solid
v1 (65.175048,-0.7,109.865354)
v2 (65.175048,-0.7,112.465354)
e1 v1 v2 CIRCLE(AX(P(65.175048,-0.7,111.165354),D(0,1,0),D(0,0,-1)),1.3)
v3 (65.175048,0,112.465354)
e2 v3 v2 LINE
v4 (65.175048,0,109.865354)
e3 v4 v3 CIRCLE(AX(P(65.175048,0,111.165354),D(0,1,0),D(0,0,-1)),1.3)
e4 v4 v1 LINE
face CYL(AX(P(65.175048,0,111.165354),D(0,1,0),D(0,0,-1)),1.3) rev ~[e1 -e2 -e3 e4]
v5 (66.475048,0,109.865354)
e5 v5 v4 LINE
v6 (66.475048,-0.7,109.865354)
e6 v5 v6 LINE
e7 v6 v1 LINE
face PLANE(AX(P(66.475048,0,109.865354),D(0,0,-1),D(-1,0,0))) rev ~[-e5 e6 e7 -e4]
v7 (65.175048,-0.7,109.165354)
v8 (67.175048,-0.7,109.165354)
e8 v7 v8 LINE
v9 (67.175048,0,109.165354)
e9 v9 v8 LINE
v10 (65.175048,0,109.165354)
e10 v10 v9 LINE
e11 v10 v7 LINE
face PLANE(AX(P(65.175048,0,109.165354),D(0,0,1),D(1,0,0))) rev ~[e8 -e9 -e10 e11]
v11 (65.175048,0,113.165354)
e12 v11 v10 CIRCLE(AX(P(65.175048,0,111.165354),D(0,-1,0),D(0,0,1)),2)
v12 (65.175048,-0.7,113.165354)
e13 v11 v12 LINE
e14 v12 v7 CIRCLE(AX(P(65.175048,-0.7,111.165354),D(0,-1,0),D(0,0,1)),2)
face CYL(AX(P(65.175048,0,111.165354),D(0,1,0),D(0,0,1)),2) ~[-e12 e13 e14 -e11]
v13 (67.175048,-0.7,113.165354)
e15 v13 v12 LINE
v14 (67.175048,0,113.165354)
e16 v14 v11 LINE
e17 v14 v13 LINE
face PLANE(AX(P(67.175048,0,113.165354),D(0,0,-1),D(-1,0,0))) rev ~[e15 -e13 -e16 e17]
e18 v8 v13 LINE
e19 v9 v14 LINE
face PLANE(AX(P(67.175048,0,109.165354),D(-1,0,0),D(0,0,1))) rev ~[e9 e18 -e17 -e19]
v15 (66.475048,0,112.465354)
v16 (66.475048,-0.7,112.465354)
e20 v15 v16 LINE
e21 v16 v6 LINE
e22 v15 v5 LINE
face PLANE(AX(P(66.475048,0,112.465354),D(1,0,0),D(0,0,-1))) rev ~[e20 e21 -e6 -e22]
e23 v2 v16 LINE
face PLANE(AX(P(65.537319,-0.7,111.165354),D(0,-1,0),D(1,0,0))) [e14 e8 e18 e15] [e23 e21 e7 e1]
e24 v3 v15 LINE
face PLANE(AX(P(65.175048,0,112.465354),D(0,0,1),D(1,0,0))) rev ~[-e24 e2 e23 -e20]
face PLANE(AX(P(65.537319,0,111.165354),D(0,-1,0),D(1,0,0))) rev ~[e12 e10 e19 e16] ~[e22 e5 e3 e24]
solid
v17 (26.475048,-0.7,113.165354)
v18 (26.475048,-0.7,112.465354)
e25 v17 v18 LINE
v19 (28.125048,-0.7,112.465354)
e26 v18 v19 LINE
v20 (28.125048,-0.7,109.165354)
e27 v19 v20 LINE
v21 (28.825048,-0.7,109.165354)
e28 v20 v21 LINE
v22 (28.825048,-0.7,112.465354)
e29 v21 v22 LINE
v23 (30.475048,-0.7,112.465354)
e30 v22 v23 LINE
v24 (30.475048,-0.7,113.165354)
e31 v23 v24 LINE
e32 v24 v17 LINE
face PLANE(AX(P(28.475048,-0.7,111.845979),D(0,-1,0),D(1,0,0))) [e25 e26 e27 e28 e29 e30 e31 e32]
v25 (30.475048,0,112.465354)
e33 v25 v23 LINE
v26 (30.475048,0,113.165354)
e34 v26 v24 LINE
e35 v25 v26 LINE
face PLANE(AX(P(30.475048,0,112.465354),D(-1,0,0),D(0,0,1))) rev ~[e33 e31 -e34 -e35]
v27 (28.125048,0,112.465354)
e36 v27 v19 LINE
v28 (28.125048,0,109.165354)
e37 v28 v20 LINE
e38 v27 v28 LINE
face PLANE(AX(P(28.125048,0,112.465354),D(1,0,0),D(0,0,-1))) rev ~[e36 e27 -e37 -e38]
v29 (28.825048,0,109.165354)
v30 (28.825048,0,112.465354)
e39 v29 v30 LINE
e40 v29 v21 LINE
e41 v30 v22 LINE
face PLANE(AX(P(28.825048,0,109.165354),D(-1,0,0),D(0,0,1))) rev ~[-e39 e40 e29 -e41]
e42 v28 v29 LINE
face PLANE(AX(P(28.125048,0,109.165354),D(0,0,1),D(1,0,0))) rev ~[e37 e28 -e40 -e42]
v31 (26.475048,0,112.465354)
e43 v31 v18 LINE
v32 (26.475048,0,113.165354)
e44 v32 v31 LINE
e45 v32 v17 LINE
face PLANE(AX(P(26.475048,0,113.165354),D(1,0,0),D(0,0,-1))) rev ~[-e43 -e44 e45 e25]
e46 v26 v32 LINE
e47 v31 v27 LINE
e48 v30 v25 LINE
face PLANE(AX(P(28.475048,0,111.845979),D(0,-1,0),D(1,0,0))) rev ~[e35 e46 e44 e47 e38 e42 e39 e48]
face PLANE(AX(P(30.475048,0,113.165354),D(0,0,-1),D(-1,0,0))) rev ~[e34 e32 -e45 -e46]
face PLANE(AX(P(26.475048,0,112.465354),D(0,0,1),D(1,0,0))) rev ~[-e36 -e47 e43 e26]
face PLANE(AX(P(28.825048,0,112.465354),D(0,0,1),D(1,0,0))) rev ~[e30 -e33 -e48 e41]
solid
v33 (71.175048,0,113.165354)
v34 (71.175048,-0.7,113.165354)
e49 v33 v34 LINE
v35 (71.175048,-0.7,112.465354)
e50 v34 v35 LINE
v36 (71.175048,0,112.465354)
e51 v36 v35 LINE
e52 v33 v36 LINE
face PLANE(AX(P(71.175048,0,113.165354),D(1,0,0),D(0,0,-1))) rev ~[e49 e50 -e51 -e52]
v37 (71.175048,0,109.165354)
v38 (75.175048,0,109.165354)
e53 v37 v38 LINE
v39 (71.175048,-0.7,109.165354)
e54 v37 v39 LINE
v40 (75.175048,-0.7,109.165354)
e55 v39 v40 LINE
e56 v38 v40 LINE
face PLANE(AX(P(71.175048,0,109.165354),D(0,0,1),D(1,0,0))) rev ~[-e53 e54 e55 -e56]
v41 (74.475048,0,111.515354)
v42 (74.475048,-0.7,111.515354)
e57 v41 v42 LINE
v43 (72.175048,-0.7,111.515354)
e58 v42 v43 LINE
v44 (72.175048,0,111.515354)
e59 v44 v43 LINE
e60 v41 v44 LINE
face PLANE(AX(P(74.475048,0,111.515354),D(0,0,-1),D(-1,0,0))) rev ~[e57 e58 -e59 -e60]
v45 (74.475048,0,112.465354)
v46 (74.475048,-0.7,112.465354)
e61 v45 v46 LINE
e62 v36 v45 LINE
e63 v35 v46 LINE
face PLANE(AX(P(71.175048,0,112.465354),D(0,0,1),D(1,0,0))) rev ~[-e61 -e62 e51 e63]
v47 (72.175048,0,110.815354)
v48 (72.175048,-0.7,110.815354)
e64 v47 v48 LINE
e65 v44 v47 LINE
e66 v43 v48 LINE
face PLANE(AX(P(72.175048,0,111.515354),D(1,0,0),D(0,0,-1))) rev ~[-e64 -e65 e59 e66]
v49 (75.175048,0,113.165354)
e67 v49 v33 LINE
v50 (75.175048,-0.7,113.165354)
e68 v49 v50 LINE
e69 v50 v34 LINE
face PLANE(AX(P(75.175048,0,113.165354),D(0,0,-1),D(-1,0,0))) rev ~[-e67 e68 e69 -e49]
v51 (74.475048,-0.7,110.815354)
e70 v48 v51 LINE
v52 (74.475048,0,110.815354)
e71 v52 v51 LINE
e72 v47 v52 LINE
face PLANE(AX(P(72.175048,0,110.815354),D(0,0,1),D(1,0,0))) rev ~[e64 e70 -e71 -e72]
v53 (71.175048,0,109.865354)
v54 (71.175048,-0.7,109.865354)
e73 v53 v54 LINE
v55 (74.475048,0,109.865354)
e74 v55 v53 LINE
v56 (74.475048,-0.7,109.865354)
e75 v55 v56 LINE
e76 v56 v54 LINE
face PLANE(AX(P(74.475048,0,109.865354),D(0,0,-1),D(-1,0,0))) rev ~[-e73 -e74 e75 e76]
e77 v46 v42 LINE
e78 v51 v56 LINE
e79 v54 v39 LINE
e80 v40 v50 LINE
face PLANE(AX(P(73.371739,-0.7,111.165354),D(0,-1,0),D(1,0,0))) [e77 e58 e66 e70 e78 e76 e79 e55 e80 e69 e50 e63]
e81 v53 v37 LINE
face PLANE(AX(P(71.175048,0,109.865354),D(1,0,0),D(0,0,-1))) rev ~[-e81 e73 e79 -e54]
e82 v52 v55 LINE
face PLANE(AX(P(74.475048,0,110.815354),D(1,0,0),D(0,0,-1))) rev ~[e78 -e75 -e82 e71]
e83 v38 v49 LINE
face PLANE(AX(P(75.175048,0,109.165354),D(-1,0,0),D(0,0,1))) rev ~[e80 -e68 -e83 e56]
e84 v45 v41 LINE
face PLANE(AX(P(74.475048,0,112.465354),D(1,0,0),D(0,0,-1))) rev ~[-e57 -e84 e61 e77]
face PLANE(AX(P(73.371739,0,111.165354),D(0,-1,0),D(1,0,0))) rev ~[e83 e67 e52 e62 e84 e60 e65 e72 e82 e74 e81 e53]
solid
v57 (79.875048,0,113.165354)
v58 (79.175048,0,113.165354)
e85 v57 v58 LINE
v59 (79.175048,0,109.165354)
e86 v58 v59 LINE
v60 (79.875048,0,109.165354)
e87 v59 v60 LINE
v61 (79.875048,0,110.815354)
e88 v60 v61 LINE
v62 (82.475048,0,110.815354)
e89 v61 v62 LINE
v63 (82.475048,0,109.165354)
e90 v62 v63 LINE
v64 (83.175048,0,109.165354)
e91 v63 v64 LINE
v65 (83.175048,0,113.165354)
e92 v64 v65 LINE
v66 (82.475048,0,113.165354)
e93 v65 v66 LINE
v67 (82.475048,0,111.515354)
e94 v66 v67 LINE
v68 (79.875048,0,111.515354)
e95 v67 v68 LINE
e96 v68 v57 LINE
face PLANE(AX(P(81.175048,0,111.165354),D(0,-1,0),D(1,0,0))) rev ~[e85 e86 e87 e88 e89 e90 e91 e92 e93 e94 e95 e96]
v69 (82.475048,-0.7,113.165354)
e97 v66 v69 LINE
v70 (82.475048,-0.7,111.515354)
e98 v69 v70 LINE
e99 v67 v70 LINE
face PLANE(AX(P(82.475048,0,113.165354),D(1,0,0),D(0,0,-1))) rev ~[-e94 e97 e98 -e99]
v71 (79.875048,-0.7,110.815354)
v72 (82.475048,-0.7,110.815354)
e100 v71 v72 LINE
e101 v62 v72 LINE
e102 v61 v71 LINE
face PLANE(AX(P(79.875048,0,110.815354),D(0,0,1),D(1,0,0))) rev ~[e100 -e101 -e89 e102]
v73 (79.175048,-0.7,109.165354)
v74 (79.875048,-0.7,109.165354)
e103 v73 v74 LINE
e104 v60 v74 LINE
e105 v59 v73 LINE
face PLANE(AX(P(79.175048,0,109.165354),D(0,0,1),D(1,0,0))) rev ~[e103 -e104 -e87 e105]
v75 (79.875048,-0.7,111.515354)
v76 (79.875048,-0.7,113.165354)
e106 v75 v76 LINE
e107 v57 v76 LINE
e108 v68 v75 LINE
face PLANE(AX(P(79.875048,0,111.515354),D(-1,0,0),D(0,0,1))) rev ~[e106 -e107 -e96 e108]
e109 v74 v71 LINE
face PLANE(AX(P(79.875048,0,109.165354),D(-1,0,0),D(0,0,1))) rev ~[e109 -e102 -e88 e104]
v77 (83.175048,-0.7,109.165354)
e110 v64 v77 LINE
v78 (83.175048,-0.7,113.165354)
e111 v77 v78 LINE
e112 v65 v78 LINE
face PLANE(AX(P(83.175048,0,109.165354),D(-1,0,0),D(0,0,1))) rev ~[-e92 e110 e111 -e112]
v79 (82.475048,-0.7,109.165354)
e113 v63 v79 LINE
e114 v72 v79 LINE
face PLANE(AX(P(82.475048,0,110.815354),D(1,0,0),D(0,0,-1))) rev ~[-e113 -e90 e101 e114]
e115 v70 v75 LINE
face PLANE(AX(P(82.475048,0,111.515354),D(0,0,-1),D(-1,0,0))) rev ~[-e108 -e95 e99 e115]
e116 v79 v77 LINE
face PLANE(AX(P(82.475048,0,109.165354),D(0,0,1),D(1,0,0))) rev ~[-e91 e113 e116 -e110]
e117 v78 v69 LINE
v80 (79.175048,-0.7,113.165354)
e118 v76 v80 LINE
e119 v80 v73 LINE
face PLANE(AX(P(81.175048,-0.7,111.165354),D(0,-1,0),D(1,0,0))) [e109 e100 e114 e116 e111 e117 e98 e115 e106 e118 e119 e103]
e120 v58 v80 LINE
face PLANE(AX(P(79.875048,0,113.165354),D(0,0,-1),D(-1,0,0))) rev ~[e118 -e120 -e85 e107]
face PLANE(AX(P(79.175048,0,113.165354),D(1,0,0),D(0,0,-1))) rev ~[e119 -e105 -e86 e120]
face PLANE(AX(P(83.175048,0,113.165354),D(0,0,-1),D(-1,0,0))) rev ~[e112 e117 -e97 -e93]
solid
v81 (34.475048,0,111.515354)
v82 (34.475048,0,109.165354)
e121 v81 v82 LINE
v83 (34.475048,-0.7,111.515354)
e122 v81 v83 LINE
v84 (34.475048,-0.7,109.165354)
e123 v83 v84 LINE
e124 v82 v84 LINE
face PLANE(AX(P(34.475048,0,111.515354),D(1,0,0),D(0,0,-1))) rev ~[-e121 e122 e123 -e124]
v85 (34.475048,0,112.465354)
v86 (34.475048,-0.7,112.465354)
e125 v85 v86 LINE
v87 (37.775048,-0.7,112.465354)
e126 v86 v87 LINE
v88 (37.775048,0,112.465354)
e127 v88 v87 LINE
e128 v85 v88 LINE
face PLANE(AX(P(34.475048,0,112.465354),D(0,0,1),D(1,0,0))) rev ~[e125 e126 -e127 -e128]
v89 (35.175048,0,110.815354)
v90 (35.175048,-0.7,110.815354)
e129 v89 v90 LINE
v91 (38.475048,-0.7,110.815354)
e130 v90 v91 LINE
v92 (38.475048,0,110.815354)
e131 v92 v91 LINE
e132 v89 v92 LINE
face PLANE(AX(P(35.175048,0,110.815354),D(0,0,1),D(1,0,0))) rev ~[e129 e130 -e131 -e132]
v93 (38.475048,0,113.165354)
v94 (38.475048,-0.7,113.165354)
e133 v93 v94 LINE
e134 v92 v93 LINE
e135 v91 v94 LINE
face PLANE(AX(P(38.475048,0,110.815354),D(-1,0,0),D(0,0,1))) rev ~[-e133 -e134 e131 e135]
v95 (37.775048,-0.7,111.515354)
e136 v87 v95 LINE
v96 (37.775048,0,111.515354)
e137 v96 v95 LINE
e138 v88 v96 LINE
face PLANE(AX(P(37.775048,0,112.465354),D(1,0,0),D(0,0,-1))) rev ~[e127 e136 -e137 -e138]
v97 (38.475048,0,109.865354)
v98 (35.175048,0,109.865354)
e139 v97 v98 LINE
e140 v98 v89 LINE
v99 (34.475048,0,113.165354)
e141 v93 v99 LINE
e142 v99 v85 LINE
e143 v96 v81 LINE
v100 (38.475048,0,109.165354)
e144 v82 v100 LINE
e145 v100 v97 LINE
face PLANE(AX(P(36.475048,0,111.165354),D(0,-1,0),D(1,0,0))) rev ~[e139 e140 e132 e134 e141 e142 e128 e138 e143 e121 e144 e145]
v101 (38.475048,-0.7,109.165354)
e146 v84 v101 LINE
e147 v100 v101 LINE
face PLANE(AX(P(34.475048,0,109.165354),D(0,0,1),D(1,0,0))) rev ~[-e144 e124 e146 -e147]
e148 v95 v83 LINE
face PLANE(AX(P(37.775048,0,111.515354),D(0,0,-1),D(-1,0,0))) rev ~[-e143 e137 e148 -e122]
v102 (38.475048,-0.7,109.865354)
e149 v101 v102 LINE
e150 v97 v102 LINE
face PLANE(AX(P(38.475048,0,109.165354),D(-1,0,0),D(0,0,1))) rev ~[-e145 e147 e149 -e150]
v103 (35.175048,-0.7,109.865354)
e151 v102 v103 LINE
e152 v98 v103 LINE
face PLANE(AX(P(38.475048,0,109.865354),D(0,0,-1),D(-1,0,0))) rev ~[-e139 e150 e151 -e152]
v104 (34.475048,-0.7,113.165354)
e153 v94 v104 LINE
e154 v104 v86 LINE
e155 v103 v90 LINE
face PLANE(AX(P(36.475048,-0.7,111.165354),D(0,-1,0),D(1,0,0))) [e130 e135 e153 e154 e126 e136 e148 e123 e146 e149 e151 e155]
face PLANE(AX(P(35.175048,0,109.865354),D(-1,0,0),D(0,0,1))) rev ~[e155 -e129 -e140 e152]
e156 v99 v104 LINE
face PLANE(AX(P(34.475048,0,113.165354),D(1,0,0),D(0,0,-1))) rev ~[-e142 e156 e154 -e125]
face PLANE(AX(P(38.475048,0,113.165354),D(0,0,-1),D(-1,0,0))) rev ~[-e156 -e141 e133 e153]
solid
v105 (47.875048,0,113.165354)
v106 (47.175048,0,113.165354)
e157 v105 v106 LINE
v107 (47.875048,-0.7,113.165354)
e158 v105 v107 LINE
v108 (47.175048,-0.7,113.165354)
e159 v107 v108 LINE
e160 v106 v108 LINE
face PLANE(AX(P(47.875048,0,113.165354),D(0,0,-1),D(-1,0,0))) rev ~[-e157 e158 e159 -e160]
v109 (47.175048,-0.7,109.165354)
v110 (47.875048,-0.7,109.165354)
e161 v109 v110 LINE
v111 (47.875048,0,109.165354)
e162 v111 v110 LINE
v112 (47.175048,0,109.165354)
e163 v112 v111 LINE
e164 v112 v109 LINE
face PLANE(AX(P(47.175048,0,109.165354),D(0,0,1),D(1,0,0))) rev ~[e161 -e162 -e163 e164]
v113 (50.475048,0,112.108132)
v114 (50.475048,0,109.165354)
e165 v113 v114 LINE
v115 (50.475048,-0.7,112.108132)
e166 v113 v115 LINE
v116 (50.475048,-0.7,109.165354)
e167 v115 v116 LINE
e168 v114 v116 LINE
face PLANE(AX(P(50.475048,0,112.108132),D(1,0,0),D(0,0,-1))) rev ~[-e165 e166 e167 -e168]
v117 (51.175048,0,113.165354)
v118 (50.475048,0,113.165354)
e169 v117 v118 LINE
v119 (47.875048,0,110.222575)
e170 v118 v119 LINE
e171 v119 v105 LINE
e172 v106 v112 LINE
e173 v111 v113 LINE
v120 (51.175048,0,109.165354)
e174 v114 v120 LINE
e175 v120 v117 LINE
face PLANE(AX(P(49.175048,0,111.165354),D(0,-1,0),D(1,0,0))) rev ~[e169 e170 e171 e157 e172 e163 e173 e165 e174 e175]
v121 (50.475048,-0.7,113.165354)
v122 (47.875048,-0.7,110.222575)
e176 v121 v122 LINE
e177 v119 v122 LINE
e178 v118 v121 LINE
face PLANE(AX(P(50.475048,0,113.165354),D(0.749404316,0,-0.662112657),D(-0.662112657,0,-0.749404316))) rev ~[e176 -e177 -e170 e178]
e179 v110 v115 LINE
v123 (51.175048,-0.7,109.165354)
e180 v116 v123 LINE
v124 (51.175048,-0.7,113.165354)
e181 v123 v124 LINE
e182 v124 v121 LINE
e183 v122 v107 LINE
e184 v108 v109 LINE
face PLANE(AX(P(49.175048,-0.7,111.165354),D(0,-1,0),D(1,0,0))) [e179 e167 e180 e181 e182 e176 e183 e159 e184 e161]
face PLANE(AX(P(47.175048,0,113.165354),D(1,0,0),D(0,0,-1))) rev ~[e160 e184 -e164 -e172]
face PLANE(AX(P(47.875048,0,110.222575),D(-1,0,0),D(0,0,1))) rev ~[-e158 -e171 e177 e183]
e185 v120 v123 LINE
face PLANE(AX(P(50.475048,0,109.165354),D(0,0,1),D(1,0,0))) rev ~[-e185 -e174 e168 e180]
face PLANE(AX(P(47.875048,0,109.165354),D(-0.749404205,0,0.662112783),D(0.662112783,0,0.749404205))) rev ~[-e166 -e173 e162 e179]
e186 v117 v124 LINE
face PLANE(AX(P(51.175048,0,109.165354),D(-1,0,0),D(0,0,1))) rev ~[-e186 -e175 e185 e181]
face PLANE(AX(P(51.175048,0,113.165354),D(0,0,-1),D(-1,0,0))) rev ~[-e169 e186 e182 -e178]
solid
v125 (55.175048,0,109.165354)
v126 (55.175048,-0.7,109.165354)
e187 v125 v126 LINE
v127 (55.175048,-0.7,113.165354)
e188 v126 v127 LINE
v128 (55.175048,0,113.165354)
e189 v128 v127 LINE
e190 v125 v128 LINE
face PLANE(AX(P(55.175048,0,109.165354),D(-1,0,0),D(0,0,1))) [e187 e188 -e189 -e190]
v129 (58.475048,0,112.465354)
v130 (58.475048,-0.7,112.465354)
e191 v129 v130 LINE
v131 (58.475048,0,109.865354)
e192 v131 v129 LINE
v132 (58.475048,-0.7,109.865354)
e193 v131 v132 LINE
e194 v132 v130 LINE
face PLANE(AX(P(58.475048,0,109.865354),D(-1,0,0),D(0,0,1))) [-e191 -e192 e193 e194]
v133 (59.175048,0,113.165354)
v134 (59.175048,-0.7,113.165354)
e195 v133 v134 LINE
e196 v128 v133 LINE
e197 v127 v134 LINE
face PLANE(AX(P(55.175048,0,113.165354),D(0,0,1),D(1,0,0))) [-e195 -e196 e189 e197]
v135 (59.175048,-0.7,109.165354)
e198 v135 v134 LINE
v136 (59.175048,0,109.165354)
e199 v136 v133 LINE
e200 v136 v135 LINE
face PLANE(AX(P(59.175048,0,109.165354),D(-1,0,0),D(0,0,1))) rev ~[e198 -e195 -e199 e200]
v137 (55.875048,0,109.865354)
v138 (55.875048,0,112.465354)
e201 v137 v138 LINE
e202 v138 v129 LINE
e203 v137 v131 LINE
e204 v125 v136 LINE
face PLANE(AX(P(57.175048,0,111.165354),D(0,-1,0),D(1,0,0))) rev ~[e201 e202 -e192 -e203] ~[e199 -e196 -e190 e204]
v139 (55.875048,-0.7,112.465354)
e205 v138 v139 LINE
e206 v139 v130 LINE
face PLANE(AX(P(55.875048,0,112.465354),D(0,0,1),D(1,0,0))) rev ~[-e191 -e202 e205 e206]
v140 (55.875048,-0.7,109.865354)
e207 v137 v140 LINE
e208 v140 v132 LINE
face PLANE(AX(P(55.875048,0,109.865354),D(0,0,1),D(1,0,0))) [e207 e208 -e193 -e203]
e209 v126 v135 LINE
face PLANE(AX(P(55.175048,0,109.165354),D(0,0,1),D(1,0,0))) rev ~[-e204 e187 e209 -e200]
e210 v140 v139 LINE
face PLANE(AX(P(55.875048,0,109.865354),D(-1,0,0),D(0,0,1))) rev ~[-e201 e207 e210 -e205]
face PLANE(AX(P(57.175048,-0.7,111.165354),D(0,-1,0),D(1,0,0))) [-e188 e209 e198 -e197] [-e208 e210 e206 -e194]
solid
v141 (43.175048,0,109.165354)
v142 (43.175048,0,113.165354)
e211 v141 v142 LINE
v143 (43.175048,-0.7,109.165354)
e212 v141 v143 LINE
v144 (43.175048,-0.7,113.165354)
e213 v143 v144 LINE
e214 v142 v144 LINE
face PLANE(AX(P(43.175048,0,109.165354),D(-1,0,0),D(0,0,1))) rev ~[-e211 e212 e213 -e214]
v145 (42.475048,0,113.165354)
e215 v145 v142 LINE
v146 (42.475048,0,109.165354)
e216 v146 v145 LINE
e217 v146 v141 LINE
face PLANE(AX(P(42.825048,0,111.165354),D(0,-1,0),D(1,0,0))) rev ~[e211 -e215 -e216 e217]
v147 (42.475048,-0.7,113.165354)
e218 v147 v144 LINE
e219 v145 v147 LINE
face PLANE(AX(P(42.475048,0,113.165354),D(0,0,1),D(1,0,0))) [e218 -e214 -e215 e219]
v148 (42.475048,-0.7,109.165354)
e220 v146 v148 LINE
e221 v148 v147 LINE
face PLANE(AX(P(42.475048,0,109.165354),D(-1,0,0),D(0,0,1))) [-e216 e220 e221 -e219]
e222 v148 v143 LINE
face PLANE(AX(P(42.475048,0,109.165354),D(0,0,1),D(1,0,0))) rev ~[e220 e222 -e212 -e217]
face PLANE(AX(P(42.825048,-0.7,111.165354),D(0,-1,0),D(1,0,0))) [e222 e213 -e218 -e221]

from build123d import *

# Parameters (mm, degrees)
F0_W     = 4
F0_H     = 4
F0_W_2   = 2.6
F0_H_2   = 2.6
F0_W_3   = 0.7
F1_DEPTH = 0.7


with BuildPart() as f1:
    # F0 (on Front) → F1 (new body)
    with BuildSketch(Plane.XZ):
        Polygon((83.175048, 109.165354), (83.175048, 113.165354), (82.475048, 113.165354), (82.475048, 111.515354), (79.875048, 111.515354), (79.875048, 113.165354), (79.175048, 113.165354), (79.175048, 109.165354), (79.875048, 109.165354), (79.875048, 110.815354), (82.475048, 110.815354), (82.475048, 109.165354), align=None)
        Polygon((75.175048, 109.165354), (75.175048, 113.165354), (71.175048, 113.165354), (71.175048, 112.465354), (74.475048, 112.465354), (74.475048, 111.515354), (72.175048, 111.515354), (72.175048, 110.815354), (74.475048, 110.815354), (74.475048, 109.865354), (71.175048, 109.865354), (71.175048, 109.165354), align=None)
        with BuildLine():
            Line((67.175048, 109.165354), (67.175048, 113.165354))
            Line((67.175048, 113.165354), (65.175048, 113.165354))
            ThreePointArc((65.175048, 113.165354), (63.175048, 111.165354), (65.175048, 109.165354))
            Line((65.175048, 109.165354), (67.175048, 109.165354))
        make_face()
        with BuildLine():
            Line((65.175048, 112.465354), (66.475048, 112.465354))
            Line((66.475048, 112.465354), (66.475048, 109.865354))
            Line((66.475048, 109.865354), (65.175048, 109.865354))
            ThreePointArc((65.175048, 109.865354), (63.875048, 111.165354), (65.175048, 112.465354))
        make_face(mode=Mode.SUBTRACT)
        with Locations((57.175048, 111.165354)):
            Rectangle(F0_W, F0_H)
        with Locations((57.175048, 111.165354)):
            Rectangle(F0_W_2, F0_H_2, mode=Mode.SUBTRACT)
        Polygon((51.175048, 109.165354), (51.175048, 113.165354), (50.475048, 113.165354), (47.875048, 110.222575), (47.875048, 113.165354), (47.175048, 113.165354), (47.175048, 109.165354), (47.875048, 109.165354), (50.475048, 112.108132), (50.475048, 109.165354), align=None)
        with Locations((42.825048, 111.165354)):
            Rectangle(F0_W_3, F0_H)
        Polygon((38.475048, 113.165354), (34.475048, 113.165354), (34.475048, 112.465354), (37.775048, 112.465354), (37.775048, 111.515354), (34.475048, 111.515354), (34.475048, 109.165354), (38.475048, 109.165354), (38.475048, 109.865354), (35.175048, 109.865354), (35.175048, 110.815354), (38.475048, 110.815354), align=None)
        Polygon((30.475048, 112.465354), (30.475048, 113.165354), (26.475048, 113.165354), (26.475048, 112.465354), (28.125048, 112.465354), (28.125048, 109.165354), (28.825048, 109.165354), (28.825048, 112.465354), align=None)
    extrude(amount=F1_DEPTH)


solid = f1.part
